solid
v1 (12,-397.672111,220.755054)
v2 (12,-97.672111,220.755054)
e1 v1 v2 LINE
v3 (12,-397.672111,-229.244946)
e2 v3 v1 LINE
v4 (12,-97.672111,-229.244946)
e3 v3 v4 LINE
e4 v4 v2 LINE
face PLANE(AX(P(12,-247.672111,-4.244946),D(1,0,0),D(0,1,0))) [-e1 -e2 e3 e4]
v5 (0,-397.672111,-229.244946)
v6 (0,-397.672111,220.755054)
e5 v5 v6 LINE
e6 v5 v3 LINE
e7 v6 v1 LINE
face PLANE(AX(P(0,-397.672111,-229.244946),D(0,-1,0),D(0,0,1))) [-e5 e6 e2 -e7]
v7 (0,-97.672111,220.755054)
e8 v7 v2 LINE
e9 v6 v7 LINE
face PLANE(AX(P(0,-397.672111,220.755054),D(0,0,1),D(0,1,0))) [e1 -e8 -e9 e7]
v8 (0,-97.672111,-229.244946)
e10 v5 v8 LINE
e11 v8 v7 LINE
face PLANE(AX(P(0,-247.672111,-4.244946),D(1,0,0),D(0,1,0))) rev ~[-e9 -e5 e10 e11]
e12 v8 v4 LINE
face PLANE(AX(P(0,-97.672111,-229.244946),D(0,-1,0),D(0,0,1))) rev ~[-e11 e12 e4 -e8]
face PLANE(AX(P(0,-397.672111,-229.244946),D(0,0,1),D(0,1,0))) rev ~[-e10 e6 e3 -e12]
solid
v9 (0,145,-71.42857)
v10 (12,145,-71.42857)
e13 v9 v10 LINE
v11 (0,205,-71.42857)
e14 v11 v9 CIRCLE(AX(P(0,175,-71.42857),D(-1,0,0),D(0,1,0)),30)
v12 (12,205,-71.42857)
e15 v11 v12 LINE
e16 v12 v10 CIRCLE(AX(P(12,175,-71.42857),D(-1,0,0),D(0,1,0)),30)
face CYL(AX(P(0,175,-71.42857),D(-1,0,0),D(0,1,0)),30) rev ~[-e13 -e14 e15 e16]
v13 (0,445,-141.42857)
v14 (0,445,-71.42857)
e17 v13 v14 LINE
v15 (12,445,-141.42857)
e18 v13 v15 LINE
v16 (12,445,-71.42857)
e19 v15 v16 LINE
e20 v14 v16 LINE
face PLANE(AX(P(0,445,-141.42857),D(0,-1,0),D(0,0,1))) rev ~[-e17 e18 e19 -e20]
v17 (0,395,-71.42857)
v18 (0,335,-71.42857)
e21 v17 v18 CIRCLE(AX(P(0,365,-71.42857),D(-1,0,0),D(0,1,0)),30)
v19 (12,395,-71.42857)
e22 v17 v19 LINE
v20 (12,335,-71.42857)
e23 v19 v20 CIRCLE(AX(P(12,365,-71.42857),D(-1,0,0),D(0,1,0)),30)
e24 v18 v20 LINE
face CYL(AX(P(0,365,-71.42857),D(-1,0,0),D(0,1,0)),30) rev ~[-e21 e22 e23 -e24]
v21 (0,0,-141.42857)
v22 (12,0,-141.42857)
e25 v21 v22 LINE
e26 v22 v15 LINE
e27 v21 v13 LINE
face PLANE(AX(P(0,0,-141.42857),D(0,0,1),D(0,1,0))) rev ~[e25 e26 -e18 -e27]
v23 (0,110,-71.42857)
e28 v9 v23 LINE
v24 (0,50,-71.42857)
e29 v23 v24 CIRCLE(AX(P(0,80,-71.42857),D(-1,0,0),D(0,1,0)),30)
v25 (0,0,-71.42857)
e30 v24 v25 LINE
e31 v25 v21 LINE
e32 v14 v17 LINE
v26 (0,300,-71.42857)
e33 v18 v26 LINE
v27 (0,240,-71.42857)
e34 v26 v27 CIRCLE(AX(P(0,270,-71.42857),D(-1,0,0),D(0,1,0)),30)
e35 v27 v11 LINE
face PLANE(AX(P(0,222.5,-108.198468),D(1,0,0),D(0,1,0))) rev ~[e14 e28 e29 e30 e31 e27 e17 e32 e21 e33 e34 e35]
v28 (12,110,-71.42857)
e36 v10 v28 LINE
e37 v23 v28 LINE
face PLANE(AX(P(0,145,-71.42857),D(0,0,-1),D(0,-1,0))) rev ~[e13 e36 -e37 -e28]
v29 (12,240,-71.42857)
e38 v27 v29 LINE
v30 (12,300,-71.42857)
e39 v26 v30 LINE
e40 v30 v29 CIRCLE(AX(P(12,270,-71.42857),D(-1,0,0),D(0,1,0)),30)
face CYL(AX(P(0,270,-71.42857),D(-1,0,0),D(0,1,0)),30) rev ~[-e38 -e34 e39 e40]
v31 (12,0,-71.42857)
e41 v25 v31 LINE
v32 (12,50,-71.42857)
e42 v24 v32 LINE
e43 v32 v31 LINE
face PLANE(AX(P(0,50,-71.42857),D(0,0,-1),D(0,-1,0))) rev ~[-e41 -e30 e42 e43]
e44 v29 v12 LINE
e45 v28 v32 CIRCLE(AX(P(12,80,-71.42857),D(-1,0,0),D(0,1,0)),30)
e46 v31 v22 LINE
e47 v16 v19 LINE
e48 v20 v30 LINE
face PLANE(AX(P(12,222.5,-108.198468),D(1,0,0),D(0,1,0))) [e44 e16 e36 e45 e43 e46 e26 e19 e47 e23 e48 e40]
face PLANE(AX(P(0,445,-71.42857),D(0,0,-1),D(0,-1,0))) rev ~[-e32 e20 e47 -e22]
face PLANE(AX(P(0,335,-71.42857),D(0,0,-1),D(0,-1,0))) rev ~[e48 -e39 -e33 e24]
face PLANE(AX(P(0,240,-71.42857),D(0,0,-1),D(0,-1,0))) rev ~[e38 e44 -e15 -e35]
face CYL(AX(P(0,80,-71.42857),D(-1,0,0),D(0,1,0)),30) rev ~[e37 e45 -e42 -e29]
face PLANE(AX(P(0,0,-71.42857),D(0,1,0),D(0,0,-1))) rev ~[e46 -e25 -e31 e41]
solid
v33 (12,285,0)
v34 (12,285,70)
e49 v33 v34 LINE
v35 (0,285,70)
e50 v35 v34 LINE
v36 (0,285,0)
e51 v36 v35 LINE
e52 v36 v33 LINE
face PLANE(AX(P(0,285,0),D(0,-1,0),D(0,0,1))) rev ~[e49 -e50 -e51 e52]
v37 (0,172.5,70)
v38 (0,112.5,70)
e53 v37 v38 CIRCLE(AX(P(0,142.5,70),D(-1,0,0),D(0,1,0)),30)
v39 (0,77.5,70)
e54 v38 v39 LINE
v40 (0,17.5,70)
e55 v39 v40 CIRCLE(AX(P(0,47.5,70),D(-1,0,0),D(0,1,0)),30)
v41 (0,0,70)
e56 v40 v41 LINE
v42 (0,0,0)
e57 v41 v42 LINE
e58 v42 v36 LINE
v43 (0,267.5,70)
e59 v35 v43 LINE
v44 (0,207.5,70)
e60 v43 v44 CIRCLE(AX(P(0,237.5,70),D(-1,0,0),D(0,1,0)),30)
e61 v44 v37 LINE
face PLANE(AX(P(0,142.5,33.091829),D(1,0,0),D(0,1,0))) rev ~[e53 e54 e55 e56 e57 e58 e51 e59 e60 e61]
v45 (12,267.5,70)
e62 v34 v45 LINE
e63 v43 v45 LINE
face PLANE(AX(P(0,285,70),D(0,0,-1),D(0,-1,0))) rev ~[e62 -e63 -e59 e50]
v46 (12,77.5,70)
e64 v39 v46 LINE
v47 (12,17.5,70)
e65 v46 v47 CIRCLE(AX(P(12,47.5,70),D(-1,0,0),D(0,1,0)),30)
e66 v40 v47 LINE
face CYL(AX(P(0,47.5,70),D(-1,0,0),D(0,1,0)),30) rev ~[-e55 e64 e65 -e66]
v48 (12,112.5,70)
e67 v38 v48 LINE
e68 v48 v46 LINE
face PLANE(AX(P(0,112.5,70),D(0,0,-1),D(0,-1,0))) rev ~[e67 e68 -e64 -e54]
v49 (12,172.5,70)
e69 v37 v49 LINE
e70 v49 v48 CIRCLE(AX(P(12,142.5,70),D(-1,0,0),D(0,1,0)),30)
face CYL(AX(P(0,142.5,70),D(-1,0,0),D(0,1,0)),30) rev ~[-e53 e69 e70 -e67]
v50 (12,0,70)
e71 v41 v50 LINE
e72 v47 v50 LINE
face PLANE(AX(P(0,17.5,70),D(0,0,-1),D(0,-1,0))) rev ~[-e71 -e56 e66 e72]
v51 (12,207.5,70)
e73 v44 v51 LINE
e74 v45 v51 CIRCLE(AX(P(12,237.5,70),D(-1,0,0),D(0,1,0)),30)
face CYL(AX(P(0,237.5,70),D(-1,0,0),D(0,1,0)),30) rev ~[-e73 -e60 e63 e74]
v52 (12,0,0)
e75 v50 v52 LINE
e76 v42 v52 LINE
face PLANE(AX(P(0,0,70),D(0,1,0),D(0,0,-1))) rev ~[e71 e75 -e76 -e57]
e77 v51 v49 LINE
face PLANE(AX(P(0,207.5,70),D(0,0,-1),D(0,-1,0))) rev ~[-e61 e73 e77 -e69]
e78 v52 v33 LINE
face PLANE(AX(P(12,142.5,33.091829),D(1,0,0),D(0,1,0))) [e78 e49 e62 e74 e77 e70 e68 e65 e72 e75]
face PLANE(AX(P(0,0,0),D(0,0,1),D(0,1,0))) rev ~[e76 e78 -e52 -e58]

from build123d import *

# Parameters (mm, degrees)
F1_DEPTH = 12
F3_DEPTH = 12
F4_W     = 300
F4_H     = 450
F5_DEPTH = 12


with BuildPart() as f1:
    # F0 (on Right) → F1 (new body)
    with BuildSketch(Plane.YZ):
        with BuildLine():
            Line((0, 70), (0, 0))
            Line((0, 0), (285, 0))
            Line((285, 0), (285, 70))
            Line((285, 70), (267.5, 70))
            ThreePointArc((267.5, 70), (237.5, 40), (207.5, 70))
            Line((207.5, 70), (172.5, 70))
            ThreePointArc((172.5, 70), (142.5, 40), (112.5, 70))
            Line((112.5, 70), (77.5, 70))
            ThreePointArc((77.5, 70), (47.5, 40), (17.5, 70))
            Line((17.5, 70), (0, 70))
        make_face()
    extrude(amount=F1_DEPTH)


with BuildPart() as f3:
    # F2 (on Right) → F3 (new body)
    with BuildSketch(Plane.YZ):
        with BuildLine():
            Line((50, -71.42857), (0, -71.42857))
            Line((0, -71.42857), (0, -141.42857))
            Line((0, -141.42857), (445, -141.42857))
            Line((445, -141.42857), (445, -71.42857))
            Line((445, -71.42857), (395, -71.42857))
            ThreePointArc((395, -71.42857), (365, -101.42857), (335, -71.42857))
            Line((335, -71.42857), (300, -71.42857))
            ThreePointArc((300, -71.42857), (270, -101.42857), (240, -71.42857))
            Line((240, -71.42857), (205, -71.42857))
            ThreePointArc((205, -71.42857), (175, -101.42857), (145, -71.42857))
            Line((145, -71.42857), (110, -71.42857))
            ThreePointArc((110, -71.42857), (80, -101.42857), (50, -71.42857))
        make_face()
    extrude(amount=F3_DEPTH)


with BuildPart() as f5:
    # F4 (on Right) → F5 (new body)
    with BuildSketch(Plane.YZ):
        with Locations((-247.672111, -4.244946)):
            Rectangle(F4_W, F4_H)
    extrude(amount=F5_DEPTH)


solid = Compound([f1.part, f3.part, f5.part])
